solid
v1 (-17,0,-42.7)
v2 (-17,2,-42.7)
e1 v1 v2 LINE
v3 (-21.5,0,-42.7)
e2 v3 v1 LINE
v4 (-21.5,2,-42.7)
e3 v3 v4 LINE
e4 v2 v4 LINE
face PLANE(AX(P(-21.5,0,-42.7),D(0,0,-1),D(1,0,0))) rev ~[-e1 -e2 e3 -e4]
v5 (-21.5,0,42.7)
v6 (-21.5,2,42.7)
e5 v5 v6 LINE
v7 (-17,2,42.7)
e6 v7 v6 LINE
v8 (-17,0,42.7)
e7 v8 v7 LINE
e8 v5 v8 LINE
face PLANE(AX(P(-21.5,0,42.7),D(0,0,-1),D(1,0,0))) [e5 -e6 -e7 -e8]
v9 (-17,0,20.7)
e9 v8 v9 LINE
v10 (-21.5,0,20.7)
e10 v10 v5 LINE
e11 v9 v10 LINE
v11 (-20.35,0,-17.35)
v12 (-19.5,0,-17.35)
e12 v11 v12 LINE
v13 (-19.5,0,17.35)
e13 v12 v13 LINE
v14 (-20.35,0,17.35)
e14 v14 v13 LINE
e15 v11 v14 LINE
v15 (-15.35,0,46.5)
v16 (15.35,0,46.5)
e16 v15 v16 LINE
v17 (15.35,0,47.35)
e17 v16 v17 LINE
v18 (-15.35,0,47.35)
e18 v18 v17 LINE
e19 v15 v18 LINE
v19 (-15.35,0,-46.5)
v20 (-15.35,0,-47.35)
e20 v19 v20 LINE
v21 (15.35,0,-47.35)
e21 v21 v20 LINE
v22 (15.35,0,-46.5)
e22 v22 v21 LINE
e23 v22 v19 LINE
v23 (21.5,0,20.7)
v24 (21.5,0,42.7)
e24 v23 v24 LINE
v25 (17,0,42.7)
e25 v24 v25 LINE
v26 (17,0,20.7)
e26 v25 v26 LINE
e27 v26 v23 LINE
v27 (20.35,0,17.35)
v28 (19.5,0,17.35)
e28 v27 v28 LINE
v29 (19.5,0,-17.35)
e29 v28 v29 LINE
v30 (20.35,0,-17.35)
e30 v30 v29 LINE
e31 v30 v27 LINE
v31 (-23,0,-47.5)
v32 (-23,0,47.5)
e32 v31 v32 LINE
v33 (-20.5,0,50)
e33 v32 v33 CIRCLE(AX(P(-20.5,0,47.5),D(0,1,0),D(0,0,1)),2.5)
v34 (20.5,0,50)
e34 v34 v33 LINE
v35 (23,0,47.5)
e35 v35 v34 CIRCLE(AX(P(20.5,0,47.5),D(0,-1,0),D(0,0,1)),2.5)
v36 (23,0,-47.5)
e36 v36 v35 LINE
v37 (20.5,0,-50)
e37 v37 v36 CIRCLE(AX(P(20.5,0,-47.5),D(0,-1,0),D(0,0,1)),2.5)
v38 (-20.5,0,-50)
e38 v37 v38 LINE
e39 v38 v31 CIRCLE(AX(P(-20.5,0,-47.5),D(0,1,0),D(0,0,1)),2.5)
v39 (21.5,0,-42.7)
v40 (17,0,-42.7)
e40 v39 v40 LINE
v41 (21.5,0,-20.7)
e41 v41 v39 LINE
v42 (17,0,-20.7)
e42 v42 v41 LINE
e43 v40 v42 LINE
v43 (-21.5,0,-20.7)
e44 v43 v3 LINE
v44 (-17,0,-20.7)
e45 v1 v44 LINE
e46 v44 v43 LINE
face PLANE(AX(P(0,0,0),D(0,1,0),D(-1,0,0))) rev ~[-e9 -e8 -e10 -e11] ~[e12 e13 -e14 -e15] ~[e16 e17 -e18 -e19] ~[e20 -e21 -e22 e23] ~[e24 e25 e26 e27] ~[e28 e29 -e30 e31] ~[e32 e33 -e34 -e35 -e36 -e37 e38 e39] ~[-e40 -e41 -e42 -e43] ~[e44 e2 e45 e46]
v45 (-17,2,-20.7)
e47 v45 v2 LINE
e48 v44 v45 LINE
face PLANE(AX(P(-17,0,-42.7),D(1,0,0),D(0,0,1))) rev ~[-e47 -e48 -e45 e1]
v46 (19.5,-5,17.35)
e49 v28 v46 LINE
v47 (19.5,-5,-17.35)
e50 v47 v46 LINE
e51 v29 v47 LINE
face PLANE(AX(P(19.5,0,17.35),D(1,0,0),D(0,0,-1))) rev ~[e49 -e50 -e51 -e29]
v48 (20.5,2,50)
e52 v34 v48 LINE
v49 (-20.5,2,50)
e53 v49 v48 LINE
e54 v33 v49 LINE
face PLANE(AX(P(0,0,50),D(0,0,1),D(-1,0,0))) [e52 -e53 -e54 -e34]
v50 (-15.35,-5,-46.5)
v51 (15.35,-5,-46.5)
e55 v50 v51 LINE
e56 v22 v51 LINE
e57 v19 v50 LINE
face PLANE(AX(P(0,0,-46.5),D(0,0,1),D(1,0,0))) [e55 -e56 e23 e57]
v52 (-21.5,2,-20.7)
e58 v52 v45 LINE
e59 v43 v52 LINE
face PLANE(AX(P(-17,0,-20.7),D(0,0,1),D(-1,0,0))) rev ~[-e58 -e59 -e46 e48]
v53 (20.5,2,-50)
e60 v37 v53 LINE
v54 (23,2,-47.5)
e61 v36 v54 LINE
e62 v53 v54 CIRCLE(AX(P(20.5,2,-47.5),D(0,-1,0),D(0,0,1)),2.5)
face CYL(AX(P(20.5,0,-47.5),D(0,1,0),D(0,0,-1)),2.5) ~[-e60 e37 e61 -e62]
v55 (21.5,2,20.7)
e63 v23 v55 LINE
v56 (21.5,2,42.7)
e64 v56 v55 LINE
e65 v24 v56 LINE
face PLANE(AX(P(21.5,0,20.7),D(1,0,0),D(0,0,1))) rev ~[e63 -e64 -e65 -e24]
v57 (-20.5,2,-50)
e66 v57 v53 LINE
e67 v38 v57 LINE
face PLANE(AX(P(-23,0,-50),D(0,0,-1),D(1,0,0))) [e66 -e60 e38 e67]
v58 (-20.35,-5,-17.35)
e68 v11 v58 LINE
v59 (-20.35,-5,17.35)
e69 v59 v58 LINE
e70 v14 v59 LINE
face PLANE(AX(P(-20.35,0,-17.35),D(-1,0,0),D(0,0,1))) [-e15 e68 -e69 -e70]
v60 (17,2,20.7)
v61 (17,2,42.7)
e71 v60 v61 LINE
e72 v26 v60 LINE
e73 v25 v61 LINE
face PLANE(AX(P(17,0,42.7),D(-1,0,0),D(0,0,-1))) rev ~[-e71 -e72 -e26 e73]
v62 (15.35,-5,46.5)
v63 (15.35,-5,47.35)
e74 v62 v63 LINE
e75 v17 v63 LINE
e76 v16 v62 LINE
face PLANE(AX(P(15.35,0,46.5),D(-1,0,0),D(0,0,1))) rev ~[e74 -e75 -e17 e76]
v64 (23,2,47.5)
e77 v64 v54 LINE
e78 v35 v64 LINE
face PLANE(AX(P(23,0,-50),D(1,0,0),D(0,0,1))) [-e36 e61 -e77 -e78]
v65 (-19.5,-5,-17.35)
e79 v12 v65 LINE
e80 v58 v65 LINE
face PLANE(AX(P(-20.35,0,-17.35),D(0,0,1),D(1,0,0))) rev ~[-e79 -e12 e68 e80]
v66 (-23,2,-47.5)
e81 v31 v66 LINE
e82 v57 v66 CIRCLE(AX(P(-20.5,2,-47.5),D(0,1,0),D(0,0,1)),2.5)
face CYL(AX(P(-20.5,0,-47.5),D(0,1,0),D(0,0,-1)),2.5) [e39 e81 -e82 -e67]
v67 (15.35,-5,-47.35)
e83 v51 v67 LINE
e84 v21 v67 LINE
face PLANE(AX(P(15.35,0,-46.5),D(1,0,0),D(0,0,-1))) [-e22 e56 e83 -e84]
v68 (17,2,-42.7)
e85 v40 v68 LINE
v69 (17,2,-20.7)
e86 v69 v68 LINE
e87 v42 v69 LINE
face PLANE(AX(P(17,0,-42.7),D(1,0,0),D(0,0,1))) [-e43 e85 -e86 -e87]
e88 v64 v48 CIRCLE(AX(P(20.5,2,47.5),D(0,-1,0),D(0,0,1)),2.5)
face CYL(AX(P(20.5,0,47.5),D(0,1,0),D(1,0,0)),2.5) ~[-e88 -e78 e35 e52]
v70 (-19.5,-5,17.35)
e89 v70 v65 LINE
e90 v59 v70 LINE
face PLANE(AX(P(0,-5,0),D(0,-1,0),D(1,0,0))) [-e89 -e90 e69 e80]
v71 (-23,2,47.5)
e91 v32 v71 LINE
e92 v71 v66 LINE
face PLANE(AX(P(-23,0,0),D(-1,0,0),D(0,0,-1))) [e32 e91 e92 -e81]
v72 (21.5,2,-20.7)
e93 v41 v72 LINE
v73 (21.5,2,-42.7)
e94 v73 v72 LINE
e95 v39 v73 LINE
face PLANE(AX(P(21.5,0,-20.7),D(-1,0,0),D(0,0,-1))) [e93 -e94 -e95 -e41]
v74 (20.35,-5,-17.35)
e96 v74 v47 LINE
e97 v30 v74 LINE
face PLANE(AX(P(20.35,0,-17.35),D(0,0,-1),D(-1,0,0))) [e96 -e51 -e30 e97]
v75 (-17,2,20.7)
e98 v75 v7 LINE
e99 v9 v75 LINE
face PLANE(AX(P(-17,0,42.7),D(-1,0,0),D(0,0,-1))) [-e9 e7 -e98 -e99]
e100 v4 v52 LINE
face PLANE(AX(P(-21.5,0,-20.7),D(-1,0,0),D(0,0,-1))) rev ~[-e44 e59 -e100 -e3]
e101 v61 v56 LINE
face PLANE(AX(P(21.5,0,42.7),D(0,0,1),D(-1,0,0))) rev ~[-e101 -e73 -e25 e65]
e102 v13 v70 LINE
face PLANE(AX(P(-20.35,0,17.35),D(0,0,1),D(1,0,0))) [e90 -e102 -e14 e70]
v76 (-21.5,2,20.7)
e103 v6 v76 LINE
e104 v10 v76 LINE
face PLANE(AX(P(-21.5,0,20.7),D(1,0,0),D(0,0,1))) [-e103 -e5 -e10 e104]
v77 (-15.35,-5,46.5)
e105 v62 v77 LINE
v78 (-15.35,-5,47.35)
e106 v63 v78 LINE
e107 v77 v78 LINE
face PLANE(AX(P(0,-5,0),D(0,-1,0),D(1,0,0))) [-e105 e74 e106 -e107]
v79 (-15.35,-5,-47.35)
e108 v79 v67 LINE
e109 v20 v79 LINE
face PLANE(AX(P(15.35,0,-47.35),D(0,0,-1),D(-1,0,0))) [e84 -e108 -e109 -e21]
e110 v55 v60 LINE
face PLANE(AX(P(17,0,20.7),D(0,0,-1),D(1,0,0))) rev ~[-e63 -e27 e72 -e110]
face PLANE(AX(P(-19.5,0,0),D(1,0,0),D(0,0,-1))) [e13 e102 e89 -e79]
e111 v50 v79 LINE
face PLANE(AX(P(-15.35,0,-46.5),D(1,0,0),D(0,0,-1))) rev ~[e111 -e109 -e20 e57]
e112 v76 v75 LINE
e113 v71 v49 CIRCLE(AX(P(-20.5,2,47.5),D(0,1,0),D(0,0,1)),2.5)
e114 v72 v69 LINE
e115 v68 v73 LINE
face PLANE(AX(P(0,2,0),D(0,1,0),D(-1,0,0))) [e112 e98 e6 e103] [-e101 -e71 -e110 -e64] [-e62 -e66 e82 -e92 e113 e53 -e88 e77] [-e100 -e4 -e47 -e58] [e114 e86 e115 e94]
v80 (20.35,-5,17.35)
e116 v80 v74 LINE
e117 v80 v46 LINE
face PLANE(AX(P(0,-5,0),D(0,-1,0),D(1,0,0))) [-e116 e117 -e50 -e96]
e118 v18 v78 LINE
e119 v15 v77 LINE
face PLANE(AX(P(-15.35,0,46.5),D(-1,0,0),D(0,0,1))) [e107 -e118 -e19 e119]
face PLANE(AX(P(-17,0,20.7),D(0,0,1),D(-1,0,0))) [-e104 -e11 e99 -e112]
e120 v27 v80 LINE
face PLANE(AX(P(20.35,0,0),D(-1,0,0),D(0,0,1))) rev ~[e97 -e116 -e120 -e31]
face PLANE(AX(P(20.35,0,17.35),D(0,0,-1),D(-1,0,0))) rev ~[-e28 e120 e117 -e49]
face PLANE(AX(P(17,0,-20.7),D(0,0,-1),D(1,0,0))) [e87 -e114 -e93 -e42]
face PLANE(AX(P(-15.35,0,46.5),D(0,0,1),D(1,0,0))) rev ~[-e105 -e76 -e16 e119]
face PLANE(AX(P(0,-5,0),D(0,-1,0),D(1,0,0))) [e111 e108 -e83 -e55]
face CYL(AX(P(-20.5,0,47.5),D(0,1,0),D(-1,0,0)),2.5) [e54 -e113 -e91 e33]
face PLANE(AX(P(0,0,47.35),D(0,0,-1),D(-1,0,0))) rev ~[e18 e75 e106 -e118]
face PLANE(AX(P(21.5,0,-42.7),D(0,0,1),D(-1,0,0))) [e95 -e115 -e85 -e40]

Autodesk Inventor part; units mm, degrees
ref_plane "YZ Plane" through (0, 0, 0) normal (1, 0, 0) x (0, 1, 0)
ref_plane "XZ Plane" through (0, 0, 0) normal (0, 1, 0) x (-1, 0, 0)
ref_plane "XY Plane" through (0, 0, 0) normal (0, 0, 1) x (1, 0, 0)
sketch "Sketch1" plane through (0, 0, 0) normal (0, 1, 0) x (-1, 0, 0)
  line L0 (23, -50) -> (-23, -50)
  line L1 (-23, -50) -> (-23, 50)
  line L2 (-23, 50) -> (23, 50)
  line L3 (23, 50) -> (23, -50)
  line L4 (0, -70) -> (0, 70) projected
  line L5 (-32.2, 0) -> (32.2, 0) projected
  point P0 (0, 0)
  dimension "d0" = 46
  dimension "d1" = 100
extrude "Extrusion1" add sketch "Sketch1" along normal blind 2
fillet "Fillet1" radius 2.5 4 edges at (-23, 1, -50) (-23, 1, 50) (23, 1, -50) (23, 1, 50)
sketch "Sketch6" plane through (0, 0, 0) normal (0, -1, 0) x (1, 0, 0)
  line L0 (21.5, -42.7) -> (17, -42.7)
  line L1 (17, -42.7) -> (17, -20.7)
  line L2 (17, -20.7) -> (21.5, -20.7)
  line L3 (21.5, -20.7) -> (21.5, -42.7)
  line L4 (20.5, -50) -> (-20.5, -50) projected
  line L5 (23, 47.5) -> (23, -47.5) projected
  line L6 (0, 70) -> (0, -70) projected
  line L7 (-32.2, 0) -> (32.2, 0) projected
  line L8 (-21.5, -42.7) -> (-17, -42.7)
  line L9 (-17, -42.7) -> (-17, -20.7)
  line L10 (-17, -20.7) -> (-21.5, -20.7)
  line L11 (-21.5, -20.7) -> (-21.5, -42.7)
  line L12 (21.5, 42.7) -> (17, 42.7)
  line L13 (17, 42.7) -> (17, 20.7)
  line L14 (17, 20.7) -> (21.5, 20.7)
  line L15 (21.5, 20.7) -> (21.5, 42.7)
  line L16 (-21.5, 42.7) -> (-17, 42.7)
  line L17 (-17, 42.7) -> (-17, 20.7)
  line L18 (-17, 20.7) -> (-21.5, 20.7)
  line L19 (-21.5, 20.7) -> (-21.5, 42.7)
  point P0 (0, 0)
  dimension "d50" = 4.5
  dimension "d51" = 22
  dimension "d52" = 7.3
  dimension "d53" = 1.5
extrude "Extrusion6" cut sketch "Sketch6" against normal through all
sketch "Sketch7" plane through (0, 0, 0) normal (0, -1, 0) x (1, 0, 0)
  line L0 (17, -20.7) -> (21.5, -20.7) projected
  line L1 (19.5, 17.35) -> (19.5, -17.35)
  line L2 (20.35, -17.35) -> (20.35, 17.35)
  line L3 (23, 47.5) -> (23, -47.5) projected
  line L4 (0, 70) -> (0, -70) projected
  line L5 (-32.2, 0) -> (32.2, 0) projected
  line L6 (21.5, 20.7) -> (17, 20.7) projected
  line L7 (15.35, 47.35) -> (-15.35, 47.35)
  line L8 (-15.35, 46.5) -> (15.35, 46.5)
  line L9 (-20.5, 50) -> (20.5, 50) projected
  line L10 (-15.371, 47.35) -> (-15.35, 47.35)
  line L11 (20.35, 17.35) -> (19.5, 17.35)
  line L12 (20.35, -17.35) -> (19.5, -17.35)
  line L13 (15.35, 46.5) -> (15.35, 47.35)
  line L14 (17, 20.7) -> (17, 42.7) projected
  line L15 (-15.35, 46.5) -> (-15.35, 47.35)
  line L16 (-17, 42.7) -> (-17, 20.7) projected
  line L17 (15.35, -47.35) -> (-15.35, -47.35)
  line L18 (-15.35, -46.5) -> (15.35, -46.5)
  line L19 (-15.371, -47.35) -> (-15.35, -47.35)
  line L20 (15.35, -46.5) -> (15.35, -47.35)
  line L21 (-15.35, -46.5) -> (-15.35, -47.35)
  line L22 (-17, -20.7) -> (-21.5, -20.7)
  line L23 (-19.5, 17.35) -> (-19.5, -17.35)
  line L24 (-20.35, -17.35) -> (-20.35, 17.35)
  line L25 (-21.5, 20.7) -> (-17, 20.7)
  line L26 (-20.35, 17.35) -> (-19.5, 17.35)
  line L27 (-20.35, -17.35) -> (-19.5, -17.35)
  line L28 (-23, -47.5) -> (-23, 47.5) projected
  point P0 (0, 0)
  dimension "d57" = 3.5
  dimension "d65" = 3.5
  dimension "d67" = 3.35
  dimension "d68" = 0.85
  dimension "d69" = 3.35
  dimension "d70" = 0.85
  dimension "d75" = 7.65
  dimension "d76" = 7.65
extrude "Extrusion7" add sketch "Sketch7" along normal blind 5
properties part number "horni1"
